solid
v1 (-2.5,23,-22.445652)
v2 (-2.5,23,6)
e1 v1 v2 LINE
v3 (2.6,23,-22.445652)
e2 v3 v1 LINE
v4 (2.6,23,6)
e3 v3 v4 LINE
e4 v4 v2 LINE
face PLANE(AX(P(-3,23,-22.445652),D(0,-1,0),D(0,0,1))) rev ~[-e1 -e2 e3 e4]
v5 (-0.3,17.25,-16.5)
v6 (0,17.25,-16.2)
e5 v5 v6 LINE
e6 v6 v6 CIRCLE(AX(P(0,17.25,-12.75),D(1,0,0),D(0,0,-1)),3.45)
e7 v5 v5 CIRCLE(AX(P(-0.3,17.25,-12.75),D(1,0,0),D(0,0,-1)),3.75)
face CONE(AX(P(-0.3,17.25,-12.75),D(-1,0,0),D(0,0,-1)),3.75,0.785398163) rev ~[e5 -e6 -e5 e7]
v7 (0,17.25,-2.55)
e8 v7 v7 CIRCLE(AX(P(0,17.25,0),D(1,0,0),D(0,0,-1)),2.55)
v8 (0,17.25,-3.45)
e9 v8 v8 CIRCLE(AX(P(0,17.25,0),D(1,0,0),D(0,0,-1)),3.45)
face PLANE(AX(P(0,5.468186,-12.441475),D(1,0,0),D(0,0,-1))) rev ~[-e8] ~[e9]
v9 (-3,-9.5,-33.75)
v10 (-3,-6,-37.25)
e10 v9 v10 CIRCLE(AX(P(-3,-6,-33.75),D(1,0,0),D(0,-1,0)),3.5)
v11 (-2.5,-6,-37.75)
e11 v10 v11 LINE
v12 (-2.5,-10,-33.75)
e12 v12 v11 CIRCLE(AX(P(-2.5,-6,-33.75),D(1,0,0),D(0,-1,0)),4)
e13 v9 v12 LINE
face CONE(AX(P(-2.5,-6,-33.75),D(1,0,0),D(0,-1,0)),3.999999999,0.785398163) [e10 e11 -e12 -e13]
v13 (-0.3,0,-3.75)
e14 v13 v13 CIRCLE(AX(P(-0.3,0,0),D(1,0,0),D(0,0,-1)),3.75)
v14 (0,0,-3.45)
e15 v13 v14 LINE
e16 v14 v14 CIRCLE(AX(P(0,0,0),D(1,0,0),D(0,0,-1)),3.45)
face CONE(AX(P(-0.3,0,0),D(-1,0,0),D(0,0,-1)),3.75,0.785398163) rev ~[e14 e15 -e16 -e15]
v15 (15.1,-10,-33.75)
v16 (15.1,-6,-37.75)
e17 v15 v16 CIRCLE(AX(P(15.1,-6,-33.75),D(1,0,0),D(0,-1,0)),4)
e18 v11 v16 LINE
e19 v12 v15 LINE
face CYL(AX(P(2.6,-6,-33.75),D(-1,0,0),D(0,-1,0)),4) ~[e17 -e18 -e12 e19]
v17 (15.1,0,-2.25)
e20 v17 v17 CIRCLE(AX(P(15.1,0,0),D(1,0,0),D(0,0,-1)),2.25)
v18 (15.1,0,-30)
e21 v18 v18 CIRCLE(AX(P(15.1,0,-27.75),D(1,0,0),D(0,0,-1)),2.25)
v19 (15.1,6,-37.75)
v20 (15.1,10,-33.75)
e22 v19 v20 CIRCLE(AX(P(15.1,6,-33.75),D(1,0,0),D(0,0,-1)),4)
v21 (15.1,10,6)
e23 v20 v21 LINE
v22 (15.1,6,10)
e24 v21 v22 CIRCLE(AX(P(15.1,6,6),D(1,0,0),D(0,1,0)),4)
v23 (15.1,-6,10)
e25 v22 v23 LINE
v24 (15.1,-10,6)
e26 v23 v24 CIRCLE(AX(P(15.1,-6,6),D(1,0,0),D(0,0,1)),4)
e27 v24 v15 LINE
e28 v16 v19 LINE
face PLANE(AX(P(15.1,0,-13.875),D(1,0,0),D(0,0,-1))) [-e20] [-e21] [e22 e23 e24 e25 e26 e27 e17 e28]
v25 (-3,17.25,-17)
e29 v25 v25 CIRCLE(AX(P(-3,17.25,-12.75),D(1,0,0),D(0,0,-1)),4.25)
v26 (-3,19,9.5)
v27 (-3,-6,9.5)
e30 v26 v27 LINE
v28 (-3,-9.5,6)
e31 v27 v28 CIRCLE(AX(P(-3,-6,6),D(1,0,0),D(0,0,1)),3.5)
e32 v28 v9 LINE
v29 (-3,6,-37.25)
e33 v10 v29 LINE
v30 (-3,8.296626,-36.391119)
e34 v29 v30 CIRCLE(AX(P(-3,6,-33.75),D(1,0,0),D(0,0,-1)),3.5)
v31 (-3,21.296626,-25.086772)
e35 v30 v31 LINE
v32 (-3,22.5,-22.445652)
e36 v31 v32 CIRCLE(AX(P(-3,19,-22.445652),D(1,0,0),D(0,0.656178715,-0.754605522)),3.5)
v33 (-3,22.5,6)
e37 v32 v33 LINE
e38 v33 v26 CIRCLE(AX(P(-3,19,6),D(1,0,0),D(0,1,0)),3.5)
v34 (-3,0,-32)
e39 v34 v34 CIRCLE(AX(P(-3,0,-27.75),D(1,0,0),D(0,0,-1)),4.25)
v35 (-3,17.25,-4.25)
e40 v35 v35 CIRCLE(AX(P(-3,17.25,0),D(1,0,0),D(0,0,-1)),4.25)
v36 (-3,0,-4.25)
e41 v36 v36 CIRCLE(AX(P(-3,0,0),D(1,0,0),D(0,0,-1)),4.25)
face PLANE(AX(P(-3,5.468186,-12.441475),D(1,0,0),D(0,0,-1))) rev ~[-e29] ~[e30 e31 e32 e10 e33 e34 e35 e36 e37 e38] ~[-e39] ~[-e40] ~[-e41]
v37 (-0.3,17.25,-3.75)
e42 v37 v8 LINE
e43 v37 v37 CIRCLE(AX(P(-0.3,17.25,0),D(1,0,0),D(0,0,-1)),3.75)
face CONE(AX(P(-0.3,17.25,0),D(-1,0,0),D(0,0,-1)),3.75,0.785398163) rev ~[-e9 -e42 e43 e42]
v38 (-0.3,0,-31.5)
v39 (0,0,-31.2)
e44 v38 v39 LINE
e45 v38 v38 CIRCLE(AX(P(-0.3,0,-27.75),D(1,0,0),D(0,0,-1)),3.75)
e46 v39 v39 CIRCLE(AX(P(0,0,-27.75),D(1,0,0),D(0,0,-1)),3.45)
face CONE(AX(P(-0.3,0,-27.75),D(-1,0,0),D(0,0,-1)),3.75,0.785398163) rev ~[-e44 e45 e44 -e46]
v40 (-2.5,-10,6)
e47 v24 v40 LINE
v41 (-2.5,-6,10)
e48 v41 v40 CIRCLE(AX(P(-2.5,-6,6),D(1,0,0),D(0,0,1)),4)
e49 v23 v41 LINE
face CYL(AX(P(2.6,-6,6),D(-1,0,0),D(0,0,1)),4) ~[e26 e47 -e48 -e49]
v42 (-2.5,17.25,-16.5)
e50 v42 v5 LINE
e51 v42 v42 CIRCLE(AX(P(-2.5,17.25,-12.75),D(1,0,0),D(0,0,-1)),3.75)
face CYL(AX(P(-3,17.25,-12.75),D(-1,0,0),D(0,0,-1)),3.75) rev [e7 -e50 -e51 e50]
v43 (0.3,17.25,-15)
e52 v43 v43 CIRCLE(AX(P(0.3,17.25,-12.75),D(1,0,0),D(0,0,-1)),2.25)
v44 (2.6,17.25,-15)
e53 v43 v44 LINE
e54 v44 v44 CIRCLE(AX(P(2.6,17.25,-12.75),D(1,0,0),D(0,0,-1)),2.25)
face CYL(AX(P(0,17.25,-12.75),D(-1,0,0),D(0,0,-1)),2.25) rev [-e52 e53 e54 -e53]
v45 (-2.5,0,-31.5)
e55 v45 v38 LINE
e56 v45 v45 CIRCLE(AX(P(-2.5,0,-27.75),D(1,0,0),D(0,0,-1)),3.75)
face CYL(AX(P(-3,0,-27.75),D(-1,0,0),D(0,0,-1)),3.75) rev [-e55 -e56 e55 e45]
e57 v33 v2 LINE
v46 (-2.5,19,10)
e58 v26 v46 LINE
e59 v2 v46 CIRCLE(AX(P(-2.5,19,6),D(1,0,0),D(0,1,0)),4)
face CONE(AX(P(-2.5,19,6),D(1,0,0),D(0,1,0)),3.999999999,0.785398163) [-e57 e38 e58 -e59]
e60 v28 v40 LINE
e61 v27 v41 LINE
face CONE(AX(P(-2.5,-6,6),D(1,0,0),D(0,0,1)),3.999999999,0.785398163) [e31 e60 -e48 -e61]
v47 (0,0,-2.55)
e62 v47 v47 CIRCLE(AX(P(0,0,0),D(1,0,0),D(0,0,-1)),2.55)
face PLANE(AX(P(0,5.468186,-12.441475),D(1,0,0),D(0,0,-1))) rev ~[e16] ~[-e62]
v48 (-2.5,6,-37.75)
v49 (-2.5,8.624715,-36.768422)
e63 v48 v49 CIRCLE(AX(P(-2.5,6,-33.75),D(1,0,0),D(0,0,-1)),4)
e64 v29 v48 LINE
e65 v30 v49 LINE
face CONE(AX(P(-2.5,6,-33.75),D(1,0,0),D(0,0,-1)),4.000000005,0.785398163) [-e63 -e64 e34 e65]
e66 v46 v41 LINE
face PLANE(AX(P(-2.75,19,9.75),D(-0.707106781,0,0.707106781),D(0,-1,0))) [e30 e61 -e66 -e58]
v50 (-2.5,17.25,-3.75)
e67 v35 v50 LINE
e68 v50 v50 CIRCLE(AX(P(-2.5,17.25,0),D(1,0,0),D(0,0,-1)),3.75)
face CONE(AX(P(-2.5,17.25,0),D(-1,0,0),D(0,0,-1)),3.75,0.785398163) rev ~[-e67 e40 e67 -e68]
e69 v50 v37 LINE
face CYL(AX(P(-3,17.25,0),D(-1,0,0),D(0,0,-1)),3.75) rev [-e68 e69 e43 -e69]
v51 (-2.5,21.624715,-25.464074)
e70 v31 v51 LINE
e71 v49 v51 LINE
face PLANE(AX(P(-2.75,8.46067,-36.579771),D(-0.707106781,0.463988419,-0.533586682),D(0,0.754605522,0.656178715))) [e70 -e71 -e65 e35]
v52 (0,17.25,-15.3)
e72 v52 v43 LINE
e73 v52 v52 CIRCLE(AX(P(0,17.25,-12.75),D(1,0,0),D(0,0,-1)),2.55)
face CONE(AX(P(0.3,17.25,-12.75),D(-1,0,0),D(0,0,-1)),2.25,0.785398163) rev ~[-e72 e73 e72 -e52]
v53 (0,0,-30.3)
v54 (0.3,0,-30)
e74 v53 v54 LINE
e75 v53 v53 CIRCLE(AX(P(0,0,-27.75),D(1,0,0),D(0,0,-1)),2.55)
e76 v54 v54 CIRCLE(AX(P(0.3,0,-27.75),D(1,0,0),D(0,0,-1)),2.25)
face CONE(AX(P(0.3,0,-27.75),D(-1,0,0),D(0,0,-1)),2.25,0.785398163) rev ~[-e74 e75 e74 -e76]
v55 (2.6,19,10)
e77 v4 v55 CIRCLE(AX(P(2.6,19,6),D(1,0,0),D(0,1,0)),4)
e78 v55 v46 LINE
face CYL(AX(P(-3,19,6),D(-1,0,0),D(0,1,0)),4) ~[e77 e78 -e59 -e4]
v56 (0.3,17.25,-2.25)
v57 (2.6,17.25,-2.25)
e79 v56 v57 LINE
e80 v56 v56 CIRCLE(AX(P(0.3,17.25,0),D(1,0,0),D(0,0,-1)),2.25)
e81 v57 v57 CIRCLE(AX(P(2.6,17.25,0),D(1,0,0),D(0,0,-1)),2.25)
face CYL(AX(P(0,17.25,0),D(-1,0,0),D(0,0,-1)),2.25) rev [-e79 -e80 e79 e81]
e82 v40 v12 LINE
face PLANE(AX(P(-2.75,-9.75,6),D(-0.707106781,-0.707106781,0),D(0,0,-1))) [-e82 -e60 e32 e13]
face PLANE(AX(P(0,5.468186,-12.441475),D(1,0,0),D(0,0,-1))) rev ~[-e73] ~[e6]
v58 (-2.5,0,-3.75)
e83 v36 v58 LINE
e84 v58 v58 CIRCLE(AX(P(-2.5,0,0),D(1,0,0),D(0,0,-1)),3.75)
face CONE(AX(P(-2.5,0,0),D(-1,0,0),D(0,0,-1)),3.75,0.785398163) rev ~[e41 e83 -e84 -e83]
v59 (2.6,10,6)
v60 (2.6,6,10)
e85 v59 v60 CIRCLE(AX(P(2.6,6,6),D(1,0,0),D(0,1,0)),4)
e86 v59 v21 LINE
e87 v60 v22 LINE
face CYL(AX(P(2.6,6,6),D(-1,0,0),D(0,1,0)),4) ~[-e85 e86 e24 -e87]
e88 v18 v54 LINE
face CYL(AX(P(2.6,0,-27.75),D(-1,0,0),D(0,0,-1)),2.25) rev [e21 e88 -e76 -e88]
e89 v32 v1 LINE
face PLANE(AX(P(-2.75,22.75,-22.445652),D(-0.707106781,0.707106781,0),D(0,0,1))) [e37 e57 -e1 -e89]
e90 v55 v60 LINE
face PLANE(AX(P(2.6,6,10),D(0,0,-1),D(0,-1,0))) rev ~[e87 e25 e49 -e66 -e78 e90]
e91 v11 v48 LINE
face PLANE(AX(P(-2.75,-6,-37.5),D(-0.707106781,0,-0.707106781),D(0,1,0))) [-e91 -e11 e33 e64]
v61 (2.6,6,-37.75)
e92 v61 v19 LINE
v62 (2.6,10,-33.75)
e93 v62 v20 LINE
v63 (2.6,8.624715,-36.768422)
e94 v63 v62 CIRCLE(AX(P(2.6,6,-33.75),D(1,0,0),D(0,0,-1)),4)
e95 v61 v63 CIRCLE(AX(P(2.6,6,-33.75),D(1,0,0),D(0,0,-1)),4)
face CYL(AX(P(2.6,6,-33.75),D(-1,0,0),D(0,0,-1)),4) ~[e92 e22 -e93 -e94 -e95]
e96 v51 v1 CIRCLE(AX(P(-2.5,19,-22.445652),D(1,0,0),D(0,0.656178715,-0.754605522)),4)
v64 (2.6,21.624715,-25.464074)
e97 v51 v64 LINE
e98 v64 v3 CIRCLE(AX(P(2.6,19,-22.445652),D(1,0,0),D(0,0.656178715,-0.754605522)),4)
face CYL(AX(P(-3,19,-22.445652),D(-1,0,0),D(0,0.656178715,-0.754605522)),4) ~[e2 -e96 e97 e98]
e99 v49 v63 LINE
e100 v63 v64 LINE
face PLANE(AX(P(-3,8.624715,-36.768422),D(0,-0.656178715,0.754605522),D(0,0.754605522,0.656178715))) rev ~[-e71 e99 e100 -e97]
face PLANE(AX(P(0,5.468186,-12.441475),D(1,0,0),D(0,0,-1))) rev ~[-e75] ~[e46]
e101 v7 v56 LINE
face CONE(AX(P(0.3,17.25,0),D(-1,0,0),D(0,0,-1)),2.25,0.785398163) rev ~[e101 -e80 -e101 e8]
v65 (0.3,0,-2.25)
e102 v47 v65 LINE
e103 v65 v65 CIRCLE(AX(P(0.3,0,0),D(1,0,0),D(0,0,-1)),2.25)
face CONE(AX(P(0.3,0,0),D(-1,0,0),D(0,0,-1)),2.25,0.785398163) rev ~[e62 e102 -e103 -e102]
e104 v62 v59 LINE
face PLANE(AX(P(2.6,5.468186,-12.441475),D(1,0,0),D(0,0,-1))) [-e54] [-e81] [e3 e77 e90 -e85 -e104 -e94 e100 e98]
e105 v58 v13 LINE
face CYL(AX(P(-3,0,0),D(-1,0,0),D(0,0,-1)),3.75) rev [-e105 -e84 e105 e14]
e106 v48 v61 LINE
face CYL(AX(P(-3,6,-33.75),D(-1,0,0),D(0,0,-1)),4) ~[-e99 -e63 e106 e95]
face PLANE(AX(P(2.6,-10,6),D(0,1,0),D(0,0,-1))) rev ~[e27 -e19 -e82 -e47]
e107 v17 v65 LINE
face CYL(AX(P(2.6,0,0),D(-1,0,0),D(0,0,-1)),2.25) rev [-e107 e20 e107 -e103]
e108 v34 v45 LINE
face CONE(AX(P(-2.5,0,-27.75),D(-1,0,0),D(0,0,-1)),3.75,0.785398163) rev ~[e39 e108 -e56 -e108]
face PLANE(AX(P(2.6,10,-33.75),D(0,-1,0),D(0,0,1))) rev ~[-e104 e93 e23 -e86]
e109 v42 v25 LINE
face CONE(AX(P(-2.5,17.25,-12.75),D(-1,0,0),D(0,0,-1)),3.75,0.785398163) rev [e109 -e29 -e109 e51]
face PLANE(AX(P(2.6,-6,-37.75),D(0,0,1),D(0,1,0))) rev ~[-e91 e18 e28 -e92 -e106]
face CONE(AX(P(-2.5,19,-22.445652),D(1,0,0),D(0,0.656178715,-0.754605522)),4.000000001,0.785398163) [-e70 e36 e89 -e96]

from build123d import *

# Parameters (mm, degrees)
SKETCH1_R           = 2.25
BOSS_EXTRUDE1_DEPTH = 2.6
BOSS_EXTRUDE3_START = -3
SKETCH3_R           = 3.75
BOSS_EXTRUDE3_DEPTH = 3
CHAMFER2_SIZE       = 0.3
CHAMFER3_SIZE       = 0.5
SKETCH4_R           = 2.25
BOSS_EXTRUDE4_DEPTH = 12.5


with BuildPart() as part:
    # Sketch1 → Boss-Extrude1 (new body)
    with BuildSketch(Plane(origin=(0, 0, 0), x_dir=(0, 0, -1), z_dir=(1, 0, 0))):
        with BuildLine():
            Line((-6, -10), (33.75, -10))
            ThreePointArc((33.75, -10), (36.578427125, -8.828427125), (37.75, -6))
            Line((37.75, -6), (37.75, 6))
            ThreePointArc((37.75, 6), (37.496577662, 7.401126626), (36.768422089, 8.62471486))
            Line((36.768422089, 8.62471486), (25.464074263, 21.62471486))
            ThreePointArc((25.464074263, 21.62471486), (24.104136506, 22.63997661), (22.445652174, 23))
            Line((22.445652174, 23), (-6, 23))
            ThreePointArc((-6, 23), (-8.828427125, 21.828427125), (-10, 19))
            Line((-10, 19), (-10, -6))
            ThreePointArc((-10, -6), (-8.828427125, -8.828427125), (-6, -10))
        make_face()
        with Locations((27.75, 0)):
            Circle(SKETCH1_R, mode=Mode.SUBTRACT)
        with Locations((0, 17.25)):
            Circle(SKETCH1_R, mode=Mode.SUBTRACT)
        Circle(SKETCH1_R, mode=Mode.SUBTRACT)
        with Locations((12.75, 17.25)):
            Circle(SKETCH1_R, mode=Mode.SUBTRACT)
    extrude(amount=BOSS_EXTRUDE1_DEPTH)

    # Sketch3 → Boss-Extrude3 (add)
    with BuildSketch(Plane(origin=(0, 0, 0), x_dir=(0, 0, -1), z_dir=(1, 0, 0)).offset(BOSS_EXTRUDE3_START)):
        with BuildLine():
            Line((-6, -10), (33.75, -10))
            ThreePointArc((33.75, -10), (36.578427125, -8.828427125), (37.75, -6))
            Line((37.75, -6), (37.75, 6))
            ThreePointArc((37.75, 6), (37.496577662, 7.401126626), (36.768422089, 8.62471486))
            Line((36.768422089, 8.62471486), (25.464074263, 21.62471486))
            ThreePointArc((25.464074263, 21.62471486), (24.104136506, 22.63997661), (22.445652174, 23))
            Line((22.445652174, 23), (-6, 23))
            ThreePointArc((-6, 23), (-8.828427125, 21.828427125), (-10, 19))
            Line((-10, 19), (-10, -6))
            ThreePointArc((-10, -6), (-8.828427125, -8.828427125), (-6, -10))
        make_face()
        with Locations((27.75, 0)):
            Circle(SKETCH3_R, mode=Mode.SUBTRACT)
        Circle(SKETCH3_R, mode=Mode.SUBTRACT)
        with Locations((0, 17.25)):
            Circle(SKETCH3_R, mode=Mode.SUBTRACT)
        with Locations((12.75, 17.25)):
            Circle(SKETCH3_R, mode=Mode.SUBTRACT)
    extrude(amount=BOSS_EXTRUDE3_DEPTH)

    # Chamfer2
    chamfer2_edges = [part.edges().sort_by_distance(p)[0] for p in [
        (0, 0, -25.5),
        (0, 17.25, 2.25),
        (0, 0, 2.25),
        (0, 17.25, -10.5),
        (0, 0, -24),
        (0, 0, 3.75),
        (0, 17.25, 3.75),
        (0, 17.25, -9),
    ]]
    chamfer(chamfer2_edges, length=CHAMFER2_SIZE)

    # Chamfer3
    chamfer3_edges = [part.edges().sort_by_distance(p)[0] for p in [
        (-3, -8.828427125, 8.828427125),
        (-3, 6.5, 10),
        (-3, 21.828427125, 8.828427125),
        (-3, 23, -8.222826087),
        (-3, 22.63997661, -24.104136506),
        (-3, 15.12471486, -31.116248176),
        (-3, 7.401126626, -37.496577662),
        (-3, 0, -37.75),
        (-3, -8.828427125, -36.578427125),
        (-3, -10, -13.875),
        (-3, 17.25, -9),
        (-3, 17.25, 3.75),
        (-3, 0, 3.75),
        (-3, 0, -24),
    ]]
    chamfer(chamfer3_edges, length=CHAMFER3_SIZE)

    # Sketch4 → Boss-Extrude4 (add)
    with BuildSketch(Plane(origin=(2.6, 0, 0), x_dir=(0, 0, -1), z_dir=(1, 0, 0))):
        with BuildLine():
            Line((-6, -10), (33.75, -10))
            ThreePointArc((33.75, -10), (36.578427125, -8.828427125), (37.75, -6))
            Line((37.75, -6), (37.75, 6))
            ThreePointArc((37.75, 6), (36.578427125, 8.828427125), (33.75, 10))
            Line((33.75, 10), (-6, 10))
            ThreePointArc((-6, 10), (-8.828427125, 8.828427125), (-10, 6))
            Line((-10, 6), (-10, -6))
            ThreePointArc((-10, -6), (-8.828427125, -8.828427125), (-6, -10))
        make_face()
        Circle(SKETCH4_R, mode=Mode.SUBTRACT)
        with Locations((27.75, 0)):
            Circle(SKETCH4_R, mode=Mode.SUBTRACT)
    extrude(amount=BOSS_EXTRUDE4_DEPTH)


solid = part.part
